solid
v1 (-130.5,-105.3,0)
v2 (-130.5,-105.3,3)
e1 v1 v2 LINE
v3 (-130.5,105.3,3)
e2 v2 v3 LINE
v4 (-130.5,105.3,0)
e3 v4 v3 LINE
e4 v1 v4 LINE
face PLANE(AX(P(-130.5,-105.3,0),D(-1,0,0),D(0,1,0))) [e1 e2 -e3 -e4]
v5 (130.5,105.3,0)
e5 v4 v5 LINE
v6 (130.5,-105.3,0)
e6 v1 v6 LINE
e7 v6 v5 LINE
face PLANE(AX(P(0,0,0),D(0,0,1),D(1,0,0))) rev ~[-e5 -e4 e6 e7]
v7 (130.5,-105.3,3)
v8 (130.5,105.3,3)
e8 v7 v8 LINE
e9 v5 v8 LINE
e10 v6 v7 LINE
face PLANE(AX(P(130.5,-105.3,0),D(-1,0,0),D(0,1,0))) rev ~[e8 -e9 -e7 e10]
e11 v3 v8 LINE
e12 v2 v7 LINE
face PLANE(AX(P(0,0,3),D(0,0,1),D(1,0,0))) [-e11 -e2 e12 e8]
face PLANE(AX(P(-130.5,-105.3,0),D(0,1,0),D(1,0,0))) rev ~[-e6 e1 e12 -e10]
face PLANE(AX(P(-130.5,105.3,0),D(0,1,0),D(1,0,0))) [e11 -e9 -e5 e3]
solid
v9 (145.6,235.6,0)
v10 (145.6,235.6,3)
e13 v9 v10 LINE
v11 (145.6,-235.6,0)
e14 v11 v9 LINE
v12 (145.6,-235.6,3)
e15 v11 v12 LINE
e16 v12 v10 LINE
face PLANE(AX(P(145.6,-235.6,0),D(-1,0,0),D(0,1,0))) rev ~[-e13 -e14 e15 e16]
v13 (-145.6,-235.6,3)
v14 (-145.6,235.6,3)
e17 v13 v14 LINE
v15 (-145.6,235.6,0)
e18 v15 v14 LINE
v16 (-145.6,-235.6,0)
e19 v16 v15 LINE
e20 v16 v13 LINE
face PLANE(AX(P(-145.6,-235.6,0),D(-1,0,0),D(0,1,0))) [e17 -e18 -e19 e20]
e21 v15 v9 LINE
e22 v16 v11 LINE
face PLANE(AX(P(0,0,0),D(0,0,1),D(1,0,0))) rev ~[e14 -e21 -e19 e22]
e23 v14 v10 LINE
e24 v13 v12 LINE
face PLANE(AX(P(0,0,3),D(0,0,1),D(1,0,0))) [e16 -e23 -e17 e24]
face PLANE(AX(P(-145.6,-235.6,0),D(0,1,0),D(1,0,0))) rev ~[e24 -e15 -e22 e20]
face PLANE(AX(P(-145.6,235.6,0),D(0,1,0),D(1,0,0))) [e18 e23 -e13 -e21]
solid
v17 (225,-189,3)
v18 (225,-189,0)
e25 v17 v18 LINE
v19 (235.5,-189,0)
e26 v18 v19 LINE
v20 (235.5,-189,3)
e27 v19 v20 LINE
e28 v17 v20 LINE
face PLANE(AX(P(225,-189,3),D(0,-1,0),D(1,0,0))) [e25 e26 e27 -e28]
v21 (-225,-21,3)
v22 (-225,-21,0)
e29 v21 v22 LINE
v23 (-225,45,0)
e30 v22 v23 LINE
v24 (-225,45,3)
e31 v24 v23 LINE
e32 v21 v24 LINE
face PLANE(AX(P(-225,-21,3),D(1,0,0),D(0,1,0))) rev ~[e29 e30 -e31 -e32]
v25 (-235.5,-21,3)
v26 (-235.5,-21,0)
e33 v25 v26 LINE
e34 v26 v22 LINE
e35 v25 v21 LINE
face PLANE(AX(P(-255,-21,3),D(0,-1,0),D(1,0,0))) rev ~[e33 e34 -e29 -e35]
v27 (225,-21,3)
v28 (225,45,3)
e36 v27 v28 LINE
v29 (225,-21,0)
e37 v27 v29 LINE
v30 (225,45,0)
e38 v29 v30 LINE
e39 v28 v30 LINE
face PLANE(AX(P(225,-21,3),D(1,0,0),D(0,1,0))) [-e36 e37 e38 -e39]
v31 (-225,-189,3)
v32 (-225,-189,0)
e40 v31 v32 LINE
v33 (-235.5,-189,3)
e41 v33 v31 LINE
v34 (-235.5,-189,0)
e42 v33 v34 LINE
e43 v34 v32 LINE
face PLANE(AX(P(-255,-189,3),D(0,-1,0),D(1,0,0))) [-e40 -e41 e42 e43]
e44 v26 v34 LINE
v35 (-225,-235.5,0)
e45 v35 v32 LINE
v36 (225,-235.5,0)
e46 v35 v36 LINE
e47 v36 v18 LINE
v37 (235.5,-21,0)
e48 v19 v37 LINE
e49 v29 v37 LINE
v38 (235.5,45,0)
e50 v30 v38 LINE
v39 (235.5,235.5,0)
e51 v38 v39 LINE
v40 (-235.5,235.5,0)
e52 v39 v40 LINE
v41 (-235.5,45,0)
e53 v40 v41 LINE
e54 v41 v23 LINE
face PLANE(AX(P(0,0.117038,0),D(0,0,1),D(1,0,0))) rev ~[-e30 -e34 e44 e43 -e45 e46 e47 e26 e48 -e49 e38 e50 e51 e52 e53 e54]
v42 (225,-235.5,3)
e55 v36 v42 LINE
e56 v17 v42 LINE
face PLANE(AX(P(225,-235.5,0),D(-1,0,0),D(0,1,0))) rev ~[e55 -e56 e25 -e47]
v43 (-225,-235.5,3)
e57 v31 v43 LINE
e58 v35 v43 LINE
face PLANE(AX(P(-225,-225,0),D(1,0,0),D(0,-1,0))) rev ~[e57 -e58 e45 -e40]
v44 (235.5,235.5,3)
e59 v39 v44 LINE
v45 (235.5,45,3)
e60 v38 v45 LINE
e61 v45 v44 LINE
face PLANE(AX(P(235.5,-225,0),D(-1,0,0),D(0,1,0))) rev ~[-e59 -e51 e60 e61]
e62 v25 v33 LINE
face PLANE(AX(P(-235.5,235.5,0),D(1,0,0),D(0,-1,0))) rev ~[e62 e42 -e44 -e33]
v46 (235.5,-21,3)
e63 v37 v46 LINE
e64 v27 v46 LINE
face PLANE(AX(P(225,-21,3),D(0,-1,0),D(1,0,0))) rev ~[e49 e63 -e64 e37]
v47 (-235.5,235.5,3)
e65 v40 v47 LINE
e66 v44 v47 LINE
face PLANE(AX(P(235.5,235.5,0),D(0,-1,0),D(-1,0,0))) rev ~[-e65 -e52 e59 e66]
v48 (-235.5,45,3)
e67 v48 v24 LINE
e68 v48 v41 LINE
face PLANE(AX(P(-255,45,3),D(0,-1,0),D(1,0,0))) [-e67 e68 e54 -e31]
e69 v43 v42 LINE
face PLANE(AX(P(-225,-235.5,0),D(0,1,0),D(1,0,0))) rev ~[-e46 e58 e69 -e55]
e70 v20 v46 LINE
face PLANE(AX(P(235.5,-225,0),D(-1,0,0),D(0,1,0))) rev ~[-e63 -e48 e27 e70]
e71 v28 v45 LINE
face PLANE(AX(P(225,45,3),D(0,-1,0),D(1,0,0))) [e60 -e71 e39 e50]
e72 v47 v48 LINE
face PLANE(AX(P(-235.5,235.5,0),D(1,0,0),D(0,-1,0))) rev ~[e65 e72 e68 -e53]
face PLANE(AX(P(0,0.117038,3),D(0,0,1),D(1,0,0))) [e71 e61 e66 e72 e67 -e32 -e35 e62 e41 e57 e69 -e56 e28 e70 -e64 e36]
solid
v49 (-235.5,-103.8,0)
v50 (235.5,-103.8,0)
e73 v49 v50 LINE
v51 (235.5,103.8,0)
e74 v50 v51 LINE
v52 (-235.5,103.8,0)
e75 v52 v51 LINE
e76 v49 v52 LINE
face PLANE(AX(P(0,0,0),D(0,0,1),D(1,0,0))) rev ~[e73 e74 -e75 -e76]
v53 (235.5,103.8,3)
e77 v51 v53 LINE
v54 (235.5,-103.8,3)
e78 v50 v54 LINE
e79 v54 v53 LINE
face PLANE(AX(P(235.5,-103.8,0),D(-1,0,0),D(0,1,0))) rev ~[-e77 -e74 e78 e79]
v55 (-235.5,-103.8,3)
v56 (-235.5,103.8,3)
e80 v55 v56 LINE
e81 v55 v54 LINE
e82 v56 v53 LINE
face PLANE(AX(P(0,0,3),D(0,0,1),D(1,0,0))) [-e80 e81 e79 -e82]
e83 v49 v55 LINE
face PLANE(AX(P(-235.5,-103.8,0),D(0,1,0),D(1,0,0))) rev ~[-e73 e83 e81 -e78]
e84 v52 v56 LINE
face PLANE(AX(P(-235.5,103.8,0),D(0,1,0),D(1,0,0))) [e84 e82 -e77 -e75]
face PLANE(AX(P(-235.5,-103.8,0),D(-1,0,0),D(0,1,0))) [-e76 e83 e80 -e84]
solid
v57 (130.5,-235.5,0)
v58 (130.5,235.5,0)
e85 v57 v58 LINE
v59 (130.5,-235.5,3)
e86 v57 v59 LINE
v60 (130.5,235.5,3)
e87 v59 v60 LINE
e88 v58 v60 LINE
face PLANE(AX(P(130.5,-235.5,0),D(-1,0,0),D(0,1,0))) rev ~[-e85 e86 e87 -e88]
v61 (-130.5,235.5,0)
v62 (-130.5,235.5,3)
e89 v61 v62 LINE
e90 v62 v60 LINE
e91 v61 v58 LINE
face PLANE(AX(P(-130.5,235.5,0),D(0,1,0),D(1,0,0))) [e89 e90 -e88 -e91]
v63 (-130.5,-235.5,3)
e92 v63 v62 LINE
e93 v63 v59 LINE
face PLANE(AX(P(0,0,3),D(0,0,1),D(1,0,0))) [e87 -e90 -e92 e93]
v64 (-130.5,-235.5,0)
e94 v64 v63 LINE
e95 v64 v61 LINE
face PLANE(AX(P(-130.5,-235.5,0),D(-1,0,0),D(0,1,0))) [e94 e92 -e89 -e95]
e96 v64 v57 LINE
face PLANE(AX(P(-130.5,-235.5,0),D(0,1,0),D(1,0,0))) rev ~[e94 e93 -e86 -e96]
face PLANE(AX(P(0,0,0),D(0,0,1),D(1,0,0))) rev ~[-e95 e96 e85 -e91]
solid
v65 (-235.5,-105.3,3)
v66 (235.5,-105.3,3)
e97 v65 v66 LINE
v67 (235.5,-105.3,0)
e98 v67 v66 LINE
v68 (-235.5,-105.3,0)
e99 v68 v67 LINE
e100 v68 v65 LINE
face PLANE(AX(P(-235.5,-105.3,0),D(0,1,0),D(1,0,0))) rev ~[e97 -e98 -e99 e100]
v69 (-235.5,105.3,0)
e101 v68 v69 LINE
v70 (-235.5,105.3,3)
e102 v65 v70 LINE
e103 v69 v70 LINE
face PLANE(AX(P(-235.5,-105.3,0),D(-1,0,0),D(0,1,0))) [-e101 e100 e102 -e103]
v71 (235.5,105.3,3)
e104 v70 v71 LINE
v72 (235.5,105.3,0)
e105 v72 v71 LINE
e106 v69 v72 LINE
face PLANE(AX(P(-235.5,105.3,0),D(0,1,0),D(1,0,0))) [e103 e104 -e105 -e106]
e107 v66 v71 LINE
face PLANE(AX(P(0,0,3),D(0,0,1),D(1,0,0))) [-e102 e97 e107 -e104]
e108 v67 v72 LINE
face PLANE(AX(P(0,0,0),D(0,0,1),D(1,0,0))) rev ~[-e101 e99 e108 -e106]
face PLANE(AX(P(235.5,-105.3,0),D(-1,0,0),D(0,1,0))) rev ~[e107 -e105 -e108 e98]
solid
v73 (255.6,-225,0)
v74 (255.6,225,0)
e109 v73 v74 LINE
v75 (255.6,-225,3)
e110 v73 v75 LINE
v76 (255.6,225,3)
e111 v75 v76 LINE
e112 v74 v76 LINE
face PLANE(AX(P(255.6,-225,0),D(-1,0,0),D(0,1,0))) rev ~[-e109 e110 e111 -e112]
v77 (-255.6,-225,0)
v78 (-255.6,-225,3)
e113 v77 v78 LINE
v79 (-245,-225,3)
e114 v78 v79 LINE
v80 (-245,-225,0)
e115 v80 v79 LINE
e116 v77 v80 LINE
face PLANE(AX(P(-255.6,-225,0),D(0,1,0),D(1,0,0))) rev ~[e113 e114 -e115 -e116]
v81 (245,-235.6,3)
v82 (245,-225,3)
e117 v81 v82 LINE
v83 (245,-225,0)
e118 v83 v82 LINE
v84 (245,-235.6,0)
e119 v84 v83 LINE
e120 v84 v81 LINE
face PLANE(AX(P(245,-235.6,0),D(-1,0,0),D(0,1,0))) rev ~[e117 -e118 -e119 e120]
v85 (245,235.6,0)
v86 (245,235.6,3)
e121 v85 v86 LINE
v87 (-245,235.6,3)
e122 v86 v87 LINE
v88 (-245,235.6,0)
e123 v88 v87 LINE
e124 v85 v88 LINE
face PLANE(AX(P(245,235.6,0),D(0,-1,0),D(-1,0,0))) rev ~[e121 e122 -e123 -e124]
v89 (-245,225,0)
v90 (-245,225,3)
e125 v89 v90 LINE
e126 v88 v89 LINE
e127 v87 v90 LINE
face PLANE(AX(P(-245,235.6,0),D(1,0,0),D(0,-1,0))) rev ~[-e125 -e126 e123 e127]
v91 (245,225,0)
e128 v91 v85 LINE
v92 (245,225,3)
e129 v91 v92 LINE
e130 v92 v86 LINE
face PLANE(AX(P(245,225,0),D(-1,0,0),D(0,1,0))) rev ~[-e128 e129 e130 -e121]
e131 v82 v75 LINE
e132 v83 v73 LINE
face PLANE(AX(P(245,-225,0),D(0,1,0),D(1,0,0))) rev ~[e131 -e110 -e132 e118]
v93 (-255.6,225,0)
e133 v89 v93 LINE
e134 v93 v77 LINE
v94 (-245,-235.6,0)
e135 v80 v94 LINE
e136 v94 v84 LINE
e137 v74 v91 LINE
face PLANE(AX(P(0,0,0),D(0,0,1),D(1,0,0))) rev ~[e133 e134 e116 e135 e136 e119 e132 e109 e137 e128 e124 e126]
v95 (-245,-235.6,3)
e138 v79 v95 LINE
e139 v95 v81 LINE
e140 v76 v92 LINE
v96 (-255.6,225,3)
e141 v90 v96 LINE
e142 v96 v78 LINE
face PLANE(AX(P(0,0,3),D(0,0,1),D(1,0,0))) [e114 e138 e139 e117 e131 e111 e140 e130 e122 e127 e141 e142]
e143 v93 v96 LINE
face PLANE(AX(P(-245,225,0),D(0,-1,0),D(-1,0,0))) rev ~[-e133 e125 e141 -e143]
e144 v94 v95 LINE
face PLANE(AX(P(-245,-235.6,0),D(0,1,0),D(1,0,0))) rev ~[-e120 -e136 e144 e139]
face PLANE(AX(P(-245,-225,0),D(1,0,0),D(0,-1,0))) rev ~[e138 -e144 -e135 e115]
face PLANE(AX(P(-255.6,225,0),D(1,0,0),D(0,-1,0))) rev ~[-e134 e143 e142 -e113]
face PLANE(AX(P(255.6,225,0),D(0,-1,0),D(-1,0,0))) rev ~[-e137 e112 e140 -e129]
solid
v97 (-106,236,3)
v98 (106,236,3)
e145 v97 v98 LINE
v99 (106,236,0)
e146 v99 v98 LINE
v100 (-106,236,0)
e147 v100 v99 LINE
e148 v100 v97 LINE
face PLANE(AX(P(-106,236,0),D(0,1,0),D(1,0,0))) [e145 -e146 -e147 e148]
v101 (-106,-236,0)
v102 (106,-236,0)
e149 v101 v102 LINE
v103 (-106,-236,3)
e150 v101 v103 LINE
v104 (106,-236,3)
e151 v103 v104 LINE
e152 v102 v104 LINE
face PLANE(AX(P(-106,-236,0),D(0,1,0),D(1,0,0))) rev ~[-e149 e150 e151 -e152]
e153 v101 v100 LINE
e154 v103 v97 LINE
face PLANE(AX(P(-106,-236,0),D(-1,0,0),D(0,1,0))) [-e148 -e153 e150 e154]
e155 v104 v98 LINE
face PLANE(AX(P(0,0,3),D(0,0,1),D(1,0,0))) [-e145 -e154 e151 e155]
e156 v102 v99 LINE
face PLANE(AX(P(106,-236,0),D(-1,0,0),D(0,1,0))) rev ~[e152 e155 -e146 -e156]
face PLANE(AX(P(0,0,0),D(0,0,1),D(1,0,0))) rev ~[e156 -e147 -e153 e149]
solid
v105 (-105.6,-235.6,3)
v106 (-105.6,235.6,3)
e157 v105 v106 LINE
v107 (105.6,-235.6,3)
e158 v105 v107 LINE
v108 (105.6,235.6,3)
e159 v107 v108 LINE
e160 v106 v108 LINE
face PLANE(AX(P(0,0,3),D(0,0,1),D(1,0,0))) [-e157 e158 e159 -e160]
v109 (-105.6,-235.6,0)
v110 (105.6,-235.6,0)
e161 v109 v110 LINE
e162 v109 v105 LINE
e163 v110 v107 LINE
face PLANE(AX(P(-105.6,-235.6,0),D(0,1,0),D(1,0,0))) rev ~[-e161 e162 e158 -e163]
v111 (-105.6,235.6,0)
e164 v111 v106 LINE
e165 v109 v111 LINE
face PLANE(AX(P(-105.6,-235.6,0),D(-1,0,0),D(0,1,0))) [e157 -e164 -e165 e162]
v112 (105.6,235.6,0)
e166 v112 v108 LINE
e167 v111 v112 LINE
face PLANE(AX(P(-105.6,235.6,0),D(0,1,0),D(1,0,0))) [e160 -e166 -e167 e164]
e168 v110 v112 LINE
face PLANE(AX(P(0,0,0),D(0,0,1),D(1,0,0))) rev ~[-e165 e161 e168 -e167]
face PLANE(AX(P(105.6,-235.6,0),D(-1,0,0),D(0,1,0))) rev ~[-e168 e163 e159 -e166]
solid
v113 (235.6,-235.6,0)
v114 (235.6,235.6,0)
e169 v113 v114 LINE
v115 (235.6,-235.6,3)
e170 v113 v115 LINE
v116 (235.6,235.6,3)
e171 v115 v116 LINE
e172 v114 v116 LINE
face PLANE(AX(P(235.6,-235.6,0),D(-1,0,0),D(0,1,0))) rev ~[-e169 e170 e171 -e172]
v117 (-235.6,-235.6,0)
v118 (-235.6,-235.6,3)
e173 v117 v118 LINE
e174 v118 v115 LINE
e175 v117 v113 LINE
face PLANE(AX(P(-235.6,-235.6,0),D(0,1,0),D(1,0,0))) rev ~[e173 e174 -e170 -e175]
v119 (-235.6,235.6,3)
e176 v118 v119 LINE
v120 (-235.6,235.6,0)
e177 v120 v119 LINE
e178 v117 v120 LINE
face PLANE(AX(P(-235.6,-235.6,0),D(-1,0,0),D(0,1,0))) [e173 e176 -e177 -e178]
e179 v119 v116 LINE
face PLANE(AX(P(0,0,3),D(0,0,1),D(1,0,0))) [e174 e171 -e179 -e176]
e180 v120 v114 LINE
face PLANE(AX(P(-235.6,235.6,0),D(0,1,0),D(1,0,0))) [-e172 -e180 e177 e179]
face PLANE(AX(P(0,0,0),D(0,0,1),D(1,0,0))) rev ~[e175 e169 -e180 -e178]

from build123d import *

# Parameters (mm, degrees)
SKETCH_W     = 212
SKETCH_H     = 472
PAD_DEPTH    = 3
SKETCH002_W  = 471.2
SKETCH002_H  = 471.2
PAD002_DEPTH = 3
SKETCH004_W  = 291.2
SKETCH004_H  = 471.2
PAD004_DEPTH = 3
PAD001_DEPTH = 3
SKETCH003_W  = 211.2
SKETCH003_H  = 471.2
PAD003_DEPTH = 3
PAD005_DEPTH = 3
SKETCH006_W  = 30
SKETCH006_H  = 66
POCKET_DEPTH = 5
SKETCH007_W  = 261
SKETCH007_H  = 210.6
PAD006_DEPTH = 3
SKETCH008_W  = 471
SKETCH008_H  = 207.6
PAD007_DEPTH = 3
SKETCH009_W  = 471
SKETCH009_H  = 210.6
PAD008_DEPTH = 3
SKETCH010_W  = 261
SKETCH010_H  = 471
PAD009_DEPTH = 3


with BuildPart() as plexi_472x212_body:
    # Sketch → Pad (new body)
    with BuildSketch(Plane.XY):
        Rectangle(SKETCH_W, SKETCH_H)
    extrude(amount=PAD_DEPTH)


with BuildPart() as plexi_front_471_2x471_2_body:
    # Sketch002 → Pad002 (new body)
    with BuildSketch(Plane.XY):
        Rectangle(SKETCH002_W, SKETCH002_H)
    extrude(amount=PAD002_DEPTH)


with BuildPart() as plexi_top_471_2x291_2_body:
    # Sketch004 → Pad004 (new body)
    with BuildSketch(Plane.XY):
        Rectangle(SKETCH004_W, SKETCH004_H)
    extrude(amount=PAD004_DEPTH)


with BuildPart() as plexi_bottom_511_2x471_2_body:
    # Sketch001 → Pad001 (new body)
    with BuildSketch(Plane.XY):
        Polygon((-245, 225), (-255.6, 225), (-255.6, -225), (-245, -225), (-245, -235.6), (245, -235.6), (245, -225), (255.6, -225), (255.6, 225), (245, 225), (245, 235.6), (-245, 235.6), align=None)
    extrude(amount=PAD001_DEPTH)


with BuildPart() as plexi_top_471_2x211_2_body:
    # Sketch003 → Pad003 (new body)
    with BuildSketch(Plane.XY):
        Rectangle(SKETCH003_W, SKETCH003_H)
    extrude(amount=PAD003_DEPTH)


with BuildPart() as plexi_back_471x471_body:
    # Sketch005 → Pad005 (new body)
    with BuildSketch(Plane.XY):
        Polygon((225, -225), (235.5, -225), (235.5, 235.5), (-235.5, 235.5), (-235.5, -225), (-225, -225), (-225, -235.5), (225, -235.5), align=None)
    extrude(amount=PAD005_DEPTH)

    # Sketch006 (on Face10 of Pad005) → Pocket (cut)
    with BuildSketch(Plane.XY.offset(3)):
        with Locations((240, 12)):
            Rectangle(SKETCH006_W, SKETCH006_H)
        with Locations((-240, 12)):
            Rectangle(SKETCH006_W, SKETCH006_H)
        with Locations((-240, -222)):
            Rectangle(SKETCH006_W, SKETCH006_H)
        with Locations((240, -222)):
            Rectangle(SKETCH006_W, SKETCH006_H)
    extrude(amount=-POCKET_DEPTH, mode=Mode.SUBTRACT)


with BuildPart() as plexi_electronics_side_261x210_6_body:
    # Sketch007 → Pad006 (new body)
    with BuildSketch(Plane.XY):
        Rectangle(SKETCH007_W, SKETCH007_H)
    extrude(amount=PAD006_DEPTH)


with BuildPart() as plexi_electronics_top_471x207_6_body:
    # Sketch008 → Pad007 (new body)
    with BuildSketch(Plane.XY):
        Rectangle(SKETCH008_W, SKETCH008_H)
    extrude(amount=PAD007_DEPTH)


with BuildPart() as plexi_electronics_bottom_471x210_6_body:
    # Sketch009 → Pad008 (new body)
    with BuildSketch(Plane.XY):
        Rectangle(SKETCH009_W, SKETCH009_H)
    extrude(amount=PAD008_DEPTH)


with BuildPart() as plexi_electronics_front_471x261_body:
    # Sketch010 → Pad009 (new body)
    with BuildSketch(Plane.XY):
        Rectangle(SKETCH010_W, SKETCH010_H)
    extrude(amount=PAD009_DEPTH)


solid = Compound([plexi_472x212_body.part, plexi_front_471_2x471_2_body.part, plexi_top_471_2x291_2_body.part, plexi_bottom_511_2x471_2_body.part, plexi_top_471_2x211_2_body.part, plexi_back_471x471_body.part, plexi_electronics_side_261x210_6_body.part, plexi_electronics_top_471x207_6_body.part, plexi_electronics_bottom_471x210_6_body.part, plexi_electronics_front_471x261_body.part])
